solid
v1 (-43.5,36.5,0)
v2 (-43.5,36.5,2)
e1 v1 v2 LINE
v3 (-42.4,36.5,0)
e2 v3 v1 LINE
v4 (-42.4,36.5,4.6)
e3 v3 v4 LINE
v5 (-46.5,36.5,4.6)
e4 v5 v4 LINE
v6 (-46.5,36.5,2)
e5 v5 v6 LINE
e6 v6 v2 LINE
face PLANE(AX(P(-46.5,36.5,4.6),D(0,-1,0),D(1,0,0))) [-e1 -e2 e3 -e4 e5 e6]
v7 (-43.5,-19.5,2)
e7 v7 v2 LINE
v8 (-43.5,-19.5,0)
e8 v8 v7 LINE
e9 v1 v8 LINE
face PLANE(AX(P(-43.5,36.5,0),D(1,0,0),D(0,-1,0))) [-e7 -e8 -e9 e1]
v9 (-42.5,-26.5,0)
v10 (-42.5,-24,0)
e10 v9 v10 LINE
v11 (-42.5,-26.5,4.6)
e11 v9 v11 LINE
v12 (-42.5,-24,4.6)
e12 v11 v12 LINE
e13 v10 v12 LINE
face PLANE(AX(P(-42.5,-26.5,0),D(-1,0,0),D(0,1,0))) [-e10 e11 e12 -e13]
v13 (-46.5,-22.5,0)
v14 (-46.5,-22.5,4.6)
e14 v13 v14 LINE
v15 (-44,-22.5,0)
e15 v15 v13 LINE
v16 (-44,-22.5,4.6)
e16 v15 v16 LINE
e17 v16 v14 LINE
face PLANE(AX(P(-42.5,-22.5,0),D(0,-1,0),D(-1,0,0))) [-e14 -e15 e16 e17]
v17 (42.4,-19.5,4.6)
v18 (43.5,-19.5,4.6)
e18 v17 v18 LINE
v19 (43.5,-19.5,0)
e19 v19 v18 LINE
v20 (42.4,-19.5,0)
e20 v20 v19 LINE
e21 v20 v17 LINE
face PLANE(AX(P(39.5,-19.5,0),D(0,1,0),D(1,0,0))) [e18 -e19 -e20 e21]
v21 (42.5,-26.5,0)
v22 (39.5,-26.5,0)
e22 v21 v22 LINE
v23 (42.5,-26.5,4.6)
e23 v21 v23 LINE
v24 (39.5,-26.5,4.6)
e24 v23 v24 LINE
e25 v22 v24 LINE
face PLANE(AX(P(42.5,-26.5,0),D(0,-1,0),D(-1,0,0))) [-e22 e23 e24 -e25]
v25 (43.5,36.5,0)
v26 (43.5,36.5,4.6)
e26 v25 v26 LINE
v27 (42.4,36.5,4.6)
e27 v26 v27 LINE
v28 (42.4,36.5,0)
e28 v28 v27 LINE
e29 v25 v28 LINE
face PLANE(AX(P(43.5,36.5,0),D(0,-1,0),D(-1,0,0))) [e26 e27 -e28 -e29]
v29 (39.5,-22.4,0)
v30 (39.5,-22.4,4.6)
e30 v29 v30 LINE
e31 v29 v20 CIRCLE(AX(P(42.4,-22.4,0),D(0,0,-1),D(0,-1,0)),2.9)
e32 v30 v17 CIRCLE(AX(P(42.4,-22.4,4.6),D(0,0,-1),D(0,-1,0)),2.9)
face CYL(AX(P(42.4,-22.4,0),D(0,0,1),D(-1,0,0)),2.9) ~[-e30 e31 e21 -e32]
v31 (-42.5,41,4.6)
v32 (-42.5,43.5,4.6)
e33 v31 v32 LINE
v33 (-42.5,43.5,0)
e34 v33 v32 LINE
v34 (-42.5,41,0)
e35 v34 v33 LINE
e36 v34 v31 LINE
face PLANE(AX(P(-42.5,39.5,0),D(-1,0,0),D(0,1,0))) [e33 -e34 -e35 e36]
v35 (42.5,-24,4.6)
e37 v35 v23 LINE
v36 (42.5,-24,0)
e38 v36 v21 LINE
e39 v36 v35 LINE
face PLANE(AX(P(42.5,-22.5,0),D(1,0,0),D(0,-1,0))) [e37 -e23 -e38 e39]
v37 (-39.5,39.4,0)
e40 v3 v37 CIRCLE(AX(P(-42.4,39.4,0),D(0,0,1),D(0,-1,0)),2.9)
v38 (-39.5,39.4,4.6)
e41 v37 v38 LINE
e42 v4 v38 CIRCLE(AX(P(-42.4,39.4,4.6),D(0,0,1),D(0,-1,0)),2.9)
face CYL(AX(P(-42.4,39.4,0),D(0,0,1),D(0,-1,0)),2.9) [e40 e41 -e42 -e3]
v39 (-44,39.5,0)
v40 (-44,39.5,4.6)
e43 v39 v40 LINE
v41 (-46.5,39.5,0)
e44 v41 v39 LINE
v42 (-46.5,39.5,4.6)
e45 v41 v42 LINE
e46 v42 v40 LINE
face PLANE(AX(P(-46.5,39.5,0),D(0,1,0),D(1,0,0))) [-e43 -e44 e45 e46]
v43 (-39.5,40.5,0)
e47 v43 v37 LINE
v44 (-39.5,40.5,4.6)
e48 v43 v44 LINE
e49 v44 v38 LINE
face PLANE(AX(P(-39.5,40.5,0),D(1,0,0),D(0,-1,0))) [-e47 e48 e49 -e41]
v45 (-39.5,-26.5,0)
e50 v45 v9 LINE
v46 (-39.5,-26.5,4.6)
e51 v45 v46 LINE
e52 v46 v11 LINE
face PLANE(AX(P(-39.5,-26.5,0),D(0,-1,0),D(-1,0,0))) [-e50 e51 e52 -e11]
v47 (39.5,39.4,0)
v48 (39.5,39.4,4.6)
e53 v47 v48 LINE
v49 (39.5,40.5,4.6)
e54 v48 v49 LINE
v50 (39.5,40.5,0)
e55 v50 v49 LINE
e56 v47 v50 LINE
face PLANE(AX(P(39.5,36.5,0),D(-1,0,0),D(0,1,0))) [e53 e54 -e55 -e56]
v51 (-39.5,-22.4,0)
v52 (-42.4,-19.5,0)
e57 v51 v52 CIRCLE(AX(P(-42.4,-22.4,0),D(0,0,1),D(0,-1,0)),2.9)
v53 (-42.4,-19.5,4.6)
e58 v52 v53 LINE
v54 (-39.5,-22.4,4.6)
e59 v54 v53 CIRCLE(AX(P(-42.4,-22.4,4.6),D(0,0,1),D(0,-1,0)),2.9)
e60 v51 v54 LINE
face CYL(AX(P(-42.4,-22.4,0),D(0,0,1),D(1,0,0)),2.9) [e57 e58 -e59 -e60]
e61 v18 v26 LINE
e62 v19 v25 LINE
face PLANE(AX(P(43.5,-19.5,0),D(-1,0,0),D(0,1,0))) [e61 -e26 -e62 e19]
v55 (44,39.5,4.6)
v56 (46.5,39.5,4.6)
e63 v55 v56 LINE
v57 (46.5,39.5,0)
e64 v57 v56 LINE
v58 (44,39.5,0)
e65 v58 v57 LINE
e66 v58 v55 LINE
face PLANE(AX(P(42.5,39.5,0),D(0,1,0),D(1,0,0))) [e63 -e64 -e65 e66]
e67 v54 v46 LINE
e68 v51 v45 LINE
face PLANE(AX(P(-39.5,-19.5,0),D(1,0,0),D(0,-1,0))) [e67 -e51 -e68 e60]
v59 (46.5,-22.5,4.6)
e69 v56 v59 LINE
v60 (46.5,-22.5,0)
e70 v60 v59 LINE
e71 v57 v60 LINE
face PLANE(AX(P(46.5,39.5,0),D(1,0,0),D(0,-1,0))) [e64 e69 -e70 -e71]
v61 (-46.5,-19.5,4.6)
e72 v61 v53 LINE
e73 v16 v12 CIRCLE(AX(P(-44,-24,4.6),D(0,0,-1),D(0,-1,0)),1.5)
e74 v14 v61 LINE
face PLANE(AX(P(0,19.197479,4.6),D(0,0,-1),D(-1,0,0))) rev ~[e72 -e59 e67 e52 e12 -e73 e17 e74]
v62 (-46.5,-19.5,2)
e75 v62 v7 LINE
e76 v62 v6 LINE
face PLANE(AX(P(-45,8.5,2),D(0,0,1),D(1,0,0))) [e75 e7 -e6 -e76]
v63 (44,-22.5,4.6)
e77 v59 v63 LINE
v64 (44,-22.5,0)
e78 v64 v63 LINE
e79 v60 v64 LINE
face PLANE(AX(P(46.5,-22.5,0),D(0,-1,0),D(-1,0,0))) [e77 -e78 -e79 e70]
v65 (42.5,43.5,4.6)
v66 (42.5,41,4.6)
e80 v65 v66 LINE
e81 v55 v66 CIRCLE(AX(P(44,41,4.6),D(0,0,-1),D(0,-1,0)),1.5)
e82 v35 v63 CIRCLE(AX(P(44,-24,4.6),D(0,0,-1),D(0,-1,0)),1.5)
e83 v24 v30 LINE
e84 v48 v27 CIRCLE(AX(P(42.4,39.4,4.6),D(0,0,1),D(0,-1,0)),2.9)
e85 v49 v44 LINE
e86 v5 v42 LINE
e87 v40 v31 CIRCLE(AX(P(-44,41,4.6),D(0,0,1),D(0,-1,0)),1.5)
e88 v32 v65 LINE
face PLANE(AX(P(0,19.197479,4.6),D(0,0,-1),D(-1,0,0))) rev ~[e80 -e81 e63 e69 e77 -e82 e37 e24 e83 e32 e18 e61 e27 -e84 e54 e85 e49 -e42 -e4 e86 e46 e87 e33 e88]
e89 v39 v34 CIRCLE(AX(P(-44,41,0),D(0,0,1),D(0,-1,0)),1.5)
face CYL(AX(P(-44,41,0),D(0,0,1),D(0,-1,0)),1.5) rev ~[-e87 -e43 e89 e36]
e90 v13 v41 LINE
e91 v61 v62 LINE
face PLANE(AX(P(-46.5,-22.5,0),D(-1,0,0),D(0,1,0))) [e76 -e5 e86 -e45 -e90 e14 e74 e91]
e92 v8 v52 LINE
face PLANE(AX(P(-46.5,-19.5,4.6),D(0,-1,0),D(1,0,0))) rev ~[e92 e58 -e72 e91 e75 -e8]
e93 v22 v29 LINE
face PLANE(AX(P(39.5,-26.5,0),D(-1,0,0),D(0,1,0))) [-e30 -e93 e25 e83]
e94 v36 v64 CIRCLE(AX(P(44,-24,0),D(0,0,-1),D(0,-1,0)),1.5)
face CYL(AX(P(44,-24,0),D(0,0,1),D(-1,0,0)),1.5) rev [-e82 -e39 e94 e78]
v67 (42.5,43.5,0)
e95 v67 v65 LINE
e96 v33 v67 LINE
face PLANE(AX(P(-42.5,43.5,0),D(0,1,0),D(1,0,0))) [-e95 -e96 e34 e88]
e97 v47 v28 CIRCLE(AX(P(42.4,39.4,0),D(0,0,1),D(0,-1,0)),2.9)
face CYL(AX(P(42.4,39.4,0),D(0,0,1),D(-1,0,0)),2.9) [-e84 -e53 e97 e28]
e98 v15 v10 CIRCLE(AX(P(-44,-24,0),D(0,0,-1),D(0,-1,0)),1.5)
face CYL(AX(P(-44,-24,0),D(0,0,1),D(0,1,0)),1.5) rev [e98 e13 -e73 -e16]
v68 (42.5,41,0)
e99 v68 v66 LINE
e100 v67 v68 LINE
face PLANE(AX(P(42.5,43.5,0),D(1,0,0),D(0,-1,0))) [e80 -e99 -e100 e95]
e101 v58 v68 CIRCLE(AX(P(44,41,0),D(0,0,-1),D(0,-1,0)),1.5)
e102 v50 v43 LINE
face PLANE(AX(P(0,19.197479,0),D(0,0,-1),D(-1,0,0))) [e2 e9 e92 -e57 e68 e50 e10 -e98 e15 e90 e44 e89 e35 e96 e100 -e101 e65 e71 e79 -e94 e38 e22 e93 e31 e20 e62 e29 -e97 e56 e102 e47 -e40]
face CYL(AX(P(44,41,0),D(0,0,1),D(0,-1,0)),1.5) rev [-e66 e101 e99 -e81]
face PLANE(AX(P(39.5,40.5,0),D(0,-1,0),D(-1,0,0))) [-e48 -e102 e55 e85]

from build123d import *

# Parameters (mm, degrees)
PAD001_DEPTH   = 4.6
SKETCH001003_W = 3
SKETCH001003_H = 56
POCKET_DEPTH   = 2.6
FILLET_R       = 1.5
FILLET001_R    = 2.9


with BuildPart() as part:
    # Sketch001002 → Pad001 (new body)
    with BuildSketch(Plane.XY):
        Polygon((-46.5, 39.5), (-42.5, 39.5), (-42.5, 43.5), (42.5, 43.5), (42.5, 39.5), (46.5, 39.5), (46.5, -22.5), (42.5, -22.5), (42.5, -26.5), (39.5, -26.5), (39.5, -19.5), (43.5, -19.5), (43.5, 36.5), (39.5, 36.5), (39.5, 40.5), (-39.5, 40.5), (-39.5, 36.5), (-43.5, 36.5), (-43.5, -19.5), (-39.5, -19.5), (-39.5, -26.5), (-42.5, -26.5), (-42.5, -22.5), (-46.5, -22.5), align=None)
    extrude(amount=PAD001_DEPTH)

    # Sketch001003 → Pocket (cut)
    with BuildSketch(Plane.XY.offset(4.6)):
        with Locations((-45, 8.5)):
            Rectangle(SKETCH001003_W, SKETCH001003_H)
    extrude(amount=-POCKET_DEPTH, mode=Mode.SUBTRACT)

    # Fillet
    fillet_edges = [part.edges().sort_by_distance(p)[0] for p in [
        (42.5, -22.5, 2.3),
        (42.5, 39.5, 2.3),
        (-42.5, 39.5, 2.3),
        (-42.5, -22.5, 2.3),
    ]]
    fillet(fillet_edges, radius=FILLET_R)

    # Fillet001
    fillet001_edges = [part.edges().sort_by_distance(p)[0] for p in [
        (39.5, 36.5, 2.3),
        (39.5, -19.5, 2.3),
        (-39.5, 36.5, 2.3),
        (-39.5, -19.5, 2.3),
    ]]
    fillet(fillet001_edges, radius=FILLET001_R)


solid = part.part
